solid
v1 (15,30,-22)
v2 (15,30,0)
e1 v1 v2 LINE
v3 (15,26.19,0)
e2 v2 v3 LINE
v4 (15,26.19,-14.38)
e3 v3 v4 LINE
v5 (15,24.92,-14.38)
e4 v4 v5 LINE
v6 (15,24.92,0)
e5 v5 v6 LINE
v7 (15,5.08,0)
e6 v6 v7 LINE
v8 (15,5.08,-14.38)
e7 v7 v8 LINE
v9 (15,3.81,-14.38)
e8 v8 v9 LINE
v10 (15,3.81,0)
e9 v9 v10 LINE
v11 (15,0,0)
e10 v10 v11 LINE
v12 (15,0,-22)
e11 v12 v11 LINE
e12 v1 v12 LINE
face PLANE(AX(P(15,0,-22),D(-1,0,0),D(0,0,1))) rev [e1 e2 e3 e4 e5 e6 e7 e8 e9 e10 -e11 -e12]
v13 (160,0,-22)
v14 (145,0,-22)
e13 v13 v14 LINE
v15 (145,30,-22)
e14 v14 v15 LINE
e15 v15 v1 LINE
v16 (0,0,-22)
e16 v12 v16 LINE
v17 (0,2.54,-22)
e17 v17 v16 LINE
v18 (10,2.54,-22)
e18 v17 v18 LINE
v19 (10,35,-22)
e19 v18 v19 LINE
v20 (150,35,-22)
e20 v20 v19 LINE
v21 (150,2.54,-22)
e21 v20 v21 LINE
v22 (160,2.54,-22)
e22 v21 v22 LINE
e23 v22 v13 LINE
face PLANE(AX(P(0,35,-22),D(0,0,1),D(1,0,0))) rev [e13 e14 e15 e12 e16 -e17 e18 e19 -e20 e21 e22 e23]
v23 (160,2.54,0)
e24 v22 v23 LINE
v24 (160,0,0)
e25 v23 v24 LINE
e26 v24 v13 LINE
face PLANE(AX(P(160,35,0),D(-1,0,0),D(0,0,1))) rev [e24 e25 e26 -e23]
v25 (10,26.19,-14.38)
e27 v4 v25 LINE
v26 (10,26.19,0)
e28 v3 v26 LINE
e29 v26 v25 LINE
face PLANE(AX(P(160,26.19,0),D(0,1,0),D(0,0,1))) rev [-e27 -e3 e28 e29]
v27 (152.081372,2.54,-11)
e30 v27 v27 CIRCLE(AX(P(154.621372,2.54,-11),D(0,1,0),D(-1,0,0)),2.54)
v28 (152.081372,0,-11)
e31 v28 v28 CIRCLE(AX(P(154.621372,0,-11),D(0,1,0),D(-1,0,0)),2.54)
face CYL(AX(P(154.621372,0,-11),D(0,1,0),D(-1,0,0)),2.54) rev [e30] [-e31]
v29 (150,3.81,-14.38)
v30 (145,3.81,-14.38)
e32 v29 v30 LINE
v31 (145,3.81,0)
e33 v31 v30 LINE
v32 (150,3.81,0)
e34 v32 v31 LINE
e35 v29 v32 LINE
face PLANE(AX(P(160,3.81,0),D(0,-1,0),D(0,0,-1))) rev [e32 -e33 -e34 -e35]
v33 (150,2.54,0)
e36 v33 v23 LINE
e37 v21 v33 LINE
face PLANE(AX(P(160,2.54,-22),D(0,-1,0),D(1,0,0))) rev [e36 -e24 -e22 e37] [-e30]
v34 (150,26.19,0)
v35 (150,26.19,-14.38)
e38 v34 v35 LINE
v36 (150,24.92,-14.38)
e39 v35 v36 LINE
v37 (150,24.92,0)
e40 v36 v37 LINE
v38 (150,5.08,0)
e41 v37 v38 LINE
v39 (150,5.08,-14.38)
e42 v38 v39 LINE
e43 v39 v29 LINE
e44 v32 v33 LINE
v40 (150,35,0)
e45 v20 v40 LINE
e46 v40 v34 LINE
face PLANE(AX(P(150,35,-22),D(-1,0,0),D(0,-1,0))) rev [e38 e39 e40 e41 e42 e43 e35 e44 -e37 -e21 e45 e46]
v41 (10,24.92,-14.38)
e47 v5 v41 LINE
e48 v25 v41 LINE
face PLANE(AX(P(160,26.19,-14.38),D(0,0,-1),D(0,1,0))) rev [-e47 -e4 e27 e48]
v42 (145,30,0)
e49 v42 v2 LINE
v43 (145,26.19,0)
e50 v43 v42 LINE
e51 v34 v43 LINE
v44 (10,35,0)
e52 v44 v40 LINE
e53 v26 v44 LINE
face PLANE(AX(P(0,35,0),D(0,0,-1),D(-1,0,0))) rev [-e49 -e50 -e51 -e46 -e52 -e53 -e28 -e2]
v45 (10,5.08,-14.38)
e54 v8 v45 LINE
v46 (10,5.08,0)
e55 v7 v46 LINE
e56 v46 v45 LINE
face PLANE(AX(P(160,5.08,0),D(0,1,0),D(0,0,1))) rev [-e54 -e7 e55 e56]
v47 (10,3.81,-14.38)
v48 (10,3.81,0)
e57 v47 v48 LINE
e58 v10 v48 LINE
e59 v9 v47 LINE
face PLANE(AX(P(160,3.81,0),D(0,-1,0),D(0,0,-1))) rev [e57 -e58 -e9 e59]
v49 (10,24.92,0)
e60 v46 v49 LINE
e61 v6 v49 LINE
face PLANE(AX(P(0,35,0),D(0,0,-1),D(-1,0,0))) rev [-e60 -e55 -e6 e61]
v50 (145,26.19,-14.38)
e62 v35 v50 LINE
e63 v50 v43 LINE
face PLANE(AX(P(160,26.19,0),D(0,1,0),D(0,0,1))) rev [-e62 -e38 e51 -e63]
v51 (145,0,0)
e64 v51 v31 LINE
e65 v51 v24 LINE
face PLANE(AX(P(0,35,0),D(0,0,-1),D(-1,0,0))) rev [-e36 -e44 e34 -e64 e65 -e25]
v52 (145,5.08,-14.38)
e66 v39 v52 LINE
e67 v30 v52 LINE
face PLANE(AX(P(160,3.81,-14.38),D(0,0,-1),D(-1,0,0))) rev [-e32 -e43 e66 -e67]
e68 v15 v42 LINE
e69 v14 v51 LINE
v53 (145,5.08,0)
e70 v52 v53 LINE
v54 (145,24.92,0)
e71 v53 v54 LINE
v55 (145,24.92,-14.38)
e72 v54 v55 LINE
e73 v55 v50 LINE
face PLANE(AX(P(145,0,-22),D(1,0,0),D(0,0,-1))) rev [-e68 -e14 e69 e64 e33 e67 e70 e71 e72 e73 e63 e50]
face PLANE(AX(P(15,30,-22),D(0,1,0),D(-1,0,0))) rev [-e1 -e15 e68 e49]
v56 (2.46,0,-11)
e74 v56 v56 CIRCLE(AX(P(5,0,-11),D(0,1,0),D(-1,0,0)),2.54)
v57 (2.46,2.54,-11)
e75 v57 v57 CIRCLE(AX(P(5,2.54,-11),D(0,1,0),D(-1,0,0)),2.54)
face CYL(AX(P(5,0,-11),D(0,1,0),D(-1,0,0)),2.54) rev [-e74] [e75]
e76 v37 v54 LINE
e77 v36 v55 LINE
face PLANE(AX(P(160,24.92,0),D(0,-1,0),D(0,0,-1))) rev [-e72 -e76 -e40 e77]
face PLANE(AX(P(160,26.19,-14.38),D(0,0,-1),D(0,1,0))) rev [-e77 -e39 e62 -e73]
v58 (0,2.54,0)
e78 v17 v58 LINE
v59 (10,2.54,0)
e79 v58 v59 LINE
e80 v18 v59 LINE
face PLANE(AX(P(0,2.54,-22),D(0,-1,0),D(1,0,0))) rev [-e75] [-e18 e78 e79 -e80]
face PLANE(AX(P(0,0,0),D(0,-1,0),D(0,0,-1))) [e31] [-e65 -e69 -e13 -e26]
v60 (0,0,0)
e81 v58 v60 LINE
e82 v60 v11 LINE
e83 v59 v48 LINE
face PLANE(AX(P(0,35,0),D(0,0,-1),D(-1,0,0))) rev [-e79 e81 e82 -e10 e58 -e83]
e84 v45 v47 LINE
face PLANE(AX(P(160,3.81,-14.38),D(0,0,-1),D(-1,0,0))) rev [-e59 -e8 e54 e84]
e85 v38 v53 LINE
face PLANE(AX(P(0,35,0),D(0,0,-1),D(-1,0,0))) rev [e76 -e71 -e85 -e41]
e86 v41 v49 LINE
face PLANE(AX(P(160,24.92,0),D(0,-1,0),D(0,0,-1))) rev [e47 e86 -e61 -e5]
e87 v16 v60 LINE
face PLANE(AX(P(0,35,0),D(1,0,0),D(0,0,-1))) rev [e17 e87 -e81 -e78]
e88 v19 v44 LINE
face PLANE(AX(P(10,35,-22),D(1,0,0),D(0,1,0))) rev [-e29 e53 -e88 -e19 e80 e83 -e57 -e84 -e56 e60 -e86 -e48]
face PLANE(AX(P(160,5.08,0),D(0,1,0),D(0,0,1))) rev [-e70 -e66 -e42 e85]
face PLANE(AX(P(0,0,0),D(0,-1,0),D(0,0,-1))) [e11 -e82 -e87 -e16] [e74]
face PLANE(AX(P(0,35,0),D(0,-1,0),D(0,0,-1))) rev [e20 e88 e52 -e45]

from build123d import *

# Parameters (mm, degrees)
SKETCH1_W           = 160
SKETCH1_H           = 22
BOSS_EXTRUDE1_DEPTH = 35
SKETCH4_W           = 130
SKETCH4_H           = 30
CUT_EXTRUDE3_DEPTH  = 23
SKETCH5_W           = 10
SKETCH5_H           = 32.46
CUT_EXTRUDE4_DEPTH  = 23
SKETCH7_W           = 14.38
SKETCH7_H           = 1.27
CUT_EXTRUDE5_DEPTH  = 151
SKETCH8_R           = 2.54
CUT_EXTRUDE6_DEPTH  = 3.54


with BuildPart() as part:
    # Sketch1 → Boss-Extrude1 (new body)
    with BuildSketch(Plane(origin=(0, 0, 0), x_dir=(1, 0, 0), z_dir=(0, 1, 0))):
        with Locations((80, 11)):
            Rectangle(SKETCH1_W, SKETCH1_H)
    extrude(amount=BOSS_EXTRUDE1_DEPTH)

    # Sketch4 → Cut-Extrude3 (cut, through all)
    with BuildSketch(Plane.XY):
        with Locations((80, 15)):
            Rectangle(SKETCH4_W, SKETCH4_H)
    extrude(amount=-CUT_EXTRUDE3_DEPTH, mode=Mode.SUBTRACT)

    # Sketch5 → Cut-Extrude4 (cut, through all)
    with BuildSketch(Plane.XY):
        with Locations((5, 18.77)):
            Rectangle(SKETCH5_W, SKETCH5_H)
        with Locations((155, 18.77)):
            Rectangle(SKETCH5_W, SKETCH5_H)
    extrude(amount=-CUT_EXTRUDE4_DEPTH, mode=Mode.SUBTRACT)

    # Sketch7 → Cut-Extrude5 (cut, through all)
    with BuildSketch(Plane.ZY.offset(-10)):
        with Locations((-7.19, 4.445)):
            Rectangle(SKETCH7_W, SKETCH7_H)
        with Locations((-7.19, 25.555)):
            Rectangle(SKETCH7_W, SKETCH7_H)
    extrude(amount=-CUT_EXTRUDE5_DEPTH, mode=Mode.SUBTRACT)

    # Sketch8 → Cut-Extrude6 (cut, through all)
    with BuildSketch(Plane(origin=(0, 2.54, 0), x_dir=(1, 0, 0), z_dir=(0, 1, 0))):
        with Locations((154.621372276, 11)):
            Circle(SKETCH8_R)
        with Locations((5, 11)):
            Circle(SKETCH8_R)
    extrude(amount=-CUT_EXTRUDE6_DEPTH, mode=Mode.SUBTRACT)


solid = part.part
